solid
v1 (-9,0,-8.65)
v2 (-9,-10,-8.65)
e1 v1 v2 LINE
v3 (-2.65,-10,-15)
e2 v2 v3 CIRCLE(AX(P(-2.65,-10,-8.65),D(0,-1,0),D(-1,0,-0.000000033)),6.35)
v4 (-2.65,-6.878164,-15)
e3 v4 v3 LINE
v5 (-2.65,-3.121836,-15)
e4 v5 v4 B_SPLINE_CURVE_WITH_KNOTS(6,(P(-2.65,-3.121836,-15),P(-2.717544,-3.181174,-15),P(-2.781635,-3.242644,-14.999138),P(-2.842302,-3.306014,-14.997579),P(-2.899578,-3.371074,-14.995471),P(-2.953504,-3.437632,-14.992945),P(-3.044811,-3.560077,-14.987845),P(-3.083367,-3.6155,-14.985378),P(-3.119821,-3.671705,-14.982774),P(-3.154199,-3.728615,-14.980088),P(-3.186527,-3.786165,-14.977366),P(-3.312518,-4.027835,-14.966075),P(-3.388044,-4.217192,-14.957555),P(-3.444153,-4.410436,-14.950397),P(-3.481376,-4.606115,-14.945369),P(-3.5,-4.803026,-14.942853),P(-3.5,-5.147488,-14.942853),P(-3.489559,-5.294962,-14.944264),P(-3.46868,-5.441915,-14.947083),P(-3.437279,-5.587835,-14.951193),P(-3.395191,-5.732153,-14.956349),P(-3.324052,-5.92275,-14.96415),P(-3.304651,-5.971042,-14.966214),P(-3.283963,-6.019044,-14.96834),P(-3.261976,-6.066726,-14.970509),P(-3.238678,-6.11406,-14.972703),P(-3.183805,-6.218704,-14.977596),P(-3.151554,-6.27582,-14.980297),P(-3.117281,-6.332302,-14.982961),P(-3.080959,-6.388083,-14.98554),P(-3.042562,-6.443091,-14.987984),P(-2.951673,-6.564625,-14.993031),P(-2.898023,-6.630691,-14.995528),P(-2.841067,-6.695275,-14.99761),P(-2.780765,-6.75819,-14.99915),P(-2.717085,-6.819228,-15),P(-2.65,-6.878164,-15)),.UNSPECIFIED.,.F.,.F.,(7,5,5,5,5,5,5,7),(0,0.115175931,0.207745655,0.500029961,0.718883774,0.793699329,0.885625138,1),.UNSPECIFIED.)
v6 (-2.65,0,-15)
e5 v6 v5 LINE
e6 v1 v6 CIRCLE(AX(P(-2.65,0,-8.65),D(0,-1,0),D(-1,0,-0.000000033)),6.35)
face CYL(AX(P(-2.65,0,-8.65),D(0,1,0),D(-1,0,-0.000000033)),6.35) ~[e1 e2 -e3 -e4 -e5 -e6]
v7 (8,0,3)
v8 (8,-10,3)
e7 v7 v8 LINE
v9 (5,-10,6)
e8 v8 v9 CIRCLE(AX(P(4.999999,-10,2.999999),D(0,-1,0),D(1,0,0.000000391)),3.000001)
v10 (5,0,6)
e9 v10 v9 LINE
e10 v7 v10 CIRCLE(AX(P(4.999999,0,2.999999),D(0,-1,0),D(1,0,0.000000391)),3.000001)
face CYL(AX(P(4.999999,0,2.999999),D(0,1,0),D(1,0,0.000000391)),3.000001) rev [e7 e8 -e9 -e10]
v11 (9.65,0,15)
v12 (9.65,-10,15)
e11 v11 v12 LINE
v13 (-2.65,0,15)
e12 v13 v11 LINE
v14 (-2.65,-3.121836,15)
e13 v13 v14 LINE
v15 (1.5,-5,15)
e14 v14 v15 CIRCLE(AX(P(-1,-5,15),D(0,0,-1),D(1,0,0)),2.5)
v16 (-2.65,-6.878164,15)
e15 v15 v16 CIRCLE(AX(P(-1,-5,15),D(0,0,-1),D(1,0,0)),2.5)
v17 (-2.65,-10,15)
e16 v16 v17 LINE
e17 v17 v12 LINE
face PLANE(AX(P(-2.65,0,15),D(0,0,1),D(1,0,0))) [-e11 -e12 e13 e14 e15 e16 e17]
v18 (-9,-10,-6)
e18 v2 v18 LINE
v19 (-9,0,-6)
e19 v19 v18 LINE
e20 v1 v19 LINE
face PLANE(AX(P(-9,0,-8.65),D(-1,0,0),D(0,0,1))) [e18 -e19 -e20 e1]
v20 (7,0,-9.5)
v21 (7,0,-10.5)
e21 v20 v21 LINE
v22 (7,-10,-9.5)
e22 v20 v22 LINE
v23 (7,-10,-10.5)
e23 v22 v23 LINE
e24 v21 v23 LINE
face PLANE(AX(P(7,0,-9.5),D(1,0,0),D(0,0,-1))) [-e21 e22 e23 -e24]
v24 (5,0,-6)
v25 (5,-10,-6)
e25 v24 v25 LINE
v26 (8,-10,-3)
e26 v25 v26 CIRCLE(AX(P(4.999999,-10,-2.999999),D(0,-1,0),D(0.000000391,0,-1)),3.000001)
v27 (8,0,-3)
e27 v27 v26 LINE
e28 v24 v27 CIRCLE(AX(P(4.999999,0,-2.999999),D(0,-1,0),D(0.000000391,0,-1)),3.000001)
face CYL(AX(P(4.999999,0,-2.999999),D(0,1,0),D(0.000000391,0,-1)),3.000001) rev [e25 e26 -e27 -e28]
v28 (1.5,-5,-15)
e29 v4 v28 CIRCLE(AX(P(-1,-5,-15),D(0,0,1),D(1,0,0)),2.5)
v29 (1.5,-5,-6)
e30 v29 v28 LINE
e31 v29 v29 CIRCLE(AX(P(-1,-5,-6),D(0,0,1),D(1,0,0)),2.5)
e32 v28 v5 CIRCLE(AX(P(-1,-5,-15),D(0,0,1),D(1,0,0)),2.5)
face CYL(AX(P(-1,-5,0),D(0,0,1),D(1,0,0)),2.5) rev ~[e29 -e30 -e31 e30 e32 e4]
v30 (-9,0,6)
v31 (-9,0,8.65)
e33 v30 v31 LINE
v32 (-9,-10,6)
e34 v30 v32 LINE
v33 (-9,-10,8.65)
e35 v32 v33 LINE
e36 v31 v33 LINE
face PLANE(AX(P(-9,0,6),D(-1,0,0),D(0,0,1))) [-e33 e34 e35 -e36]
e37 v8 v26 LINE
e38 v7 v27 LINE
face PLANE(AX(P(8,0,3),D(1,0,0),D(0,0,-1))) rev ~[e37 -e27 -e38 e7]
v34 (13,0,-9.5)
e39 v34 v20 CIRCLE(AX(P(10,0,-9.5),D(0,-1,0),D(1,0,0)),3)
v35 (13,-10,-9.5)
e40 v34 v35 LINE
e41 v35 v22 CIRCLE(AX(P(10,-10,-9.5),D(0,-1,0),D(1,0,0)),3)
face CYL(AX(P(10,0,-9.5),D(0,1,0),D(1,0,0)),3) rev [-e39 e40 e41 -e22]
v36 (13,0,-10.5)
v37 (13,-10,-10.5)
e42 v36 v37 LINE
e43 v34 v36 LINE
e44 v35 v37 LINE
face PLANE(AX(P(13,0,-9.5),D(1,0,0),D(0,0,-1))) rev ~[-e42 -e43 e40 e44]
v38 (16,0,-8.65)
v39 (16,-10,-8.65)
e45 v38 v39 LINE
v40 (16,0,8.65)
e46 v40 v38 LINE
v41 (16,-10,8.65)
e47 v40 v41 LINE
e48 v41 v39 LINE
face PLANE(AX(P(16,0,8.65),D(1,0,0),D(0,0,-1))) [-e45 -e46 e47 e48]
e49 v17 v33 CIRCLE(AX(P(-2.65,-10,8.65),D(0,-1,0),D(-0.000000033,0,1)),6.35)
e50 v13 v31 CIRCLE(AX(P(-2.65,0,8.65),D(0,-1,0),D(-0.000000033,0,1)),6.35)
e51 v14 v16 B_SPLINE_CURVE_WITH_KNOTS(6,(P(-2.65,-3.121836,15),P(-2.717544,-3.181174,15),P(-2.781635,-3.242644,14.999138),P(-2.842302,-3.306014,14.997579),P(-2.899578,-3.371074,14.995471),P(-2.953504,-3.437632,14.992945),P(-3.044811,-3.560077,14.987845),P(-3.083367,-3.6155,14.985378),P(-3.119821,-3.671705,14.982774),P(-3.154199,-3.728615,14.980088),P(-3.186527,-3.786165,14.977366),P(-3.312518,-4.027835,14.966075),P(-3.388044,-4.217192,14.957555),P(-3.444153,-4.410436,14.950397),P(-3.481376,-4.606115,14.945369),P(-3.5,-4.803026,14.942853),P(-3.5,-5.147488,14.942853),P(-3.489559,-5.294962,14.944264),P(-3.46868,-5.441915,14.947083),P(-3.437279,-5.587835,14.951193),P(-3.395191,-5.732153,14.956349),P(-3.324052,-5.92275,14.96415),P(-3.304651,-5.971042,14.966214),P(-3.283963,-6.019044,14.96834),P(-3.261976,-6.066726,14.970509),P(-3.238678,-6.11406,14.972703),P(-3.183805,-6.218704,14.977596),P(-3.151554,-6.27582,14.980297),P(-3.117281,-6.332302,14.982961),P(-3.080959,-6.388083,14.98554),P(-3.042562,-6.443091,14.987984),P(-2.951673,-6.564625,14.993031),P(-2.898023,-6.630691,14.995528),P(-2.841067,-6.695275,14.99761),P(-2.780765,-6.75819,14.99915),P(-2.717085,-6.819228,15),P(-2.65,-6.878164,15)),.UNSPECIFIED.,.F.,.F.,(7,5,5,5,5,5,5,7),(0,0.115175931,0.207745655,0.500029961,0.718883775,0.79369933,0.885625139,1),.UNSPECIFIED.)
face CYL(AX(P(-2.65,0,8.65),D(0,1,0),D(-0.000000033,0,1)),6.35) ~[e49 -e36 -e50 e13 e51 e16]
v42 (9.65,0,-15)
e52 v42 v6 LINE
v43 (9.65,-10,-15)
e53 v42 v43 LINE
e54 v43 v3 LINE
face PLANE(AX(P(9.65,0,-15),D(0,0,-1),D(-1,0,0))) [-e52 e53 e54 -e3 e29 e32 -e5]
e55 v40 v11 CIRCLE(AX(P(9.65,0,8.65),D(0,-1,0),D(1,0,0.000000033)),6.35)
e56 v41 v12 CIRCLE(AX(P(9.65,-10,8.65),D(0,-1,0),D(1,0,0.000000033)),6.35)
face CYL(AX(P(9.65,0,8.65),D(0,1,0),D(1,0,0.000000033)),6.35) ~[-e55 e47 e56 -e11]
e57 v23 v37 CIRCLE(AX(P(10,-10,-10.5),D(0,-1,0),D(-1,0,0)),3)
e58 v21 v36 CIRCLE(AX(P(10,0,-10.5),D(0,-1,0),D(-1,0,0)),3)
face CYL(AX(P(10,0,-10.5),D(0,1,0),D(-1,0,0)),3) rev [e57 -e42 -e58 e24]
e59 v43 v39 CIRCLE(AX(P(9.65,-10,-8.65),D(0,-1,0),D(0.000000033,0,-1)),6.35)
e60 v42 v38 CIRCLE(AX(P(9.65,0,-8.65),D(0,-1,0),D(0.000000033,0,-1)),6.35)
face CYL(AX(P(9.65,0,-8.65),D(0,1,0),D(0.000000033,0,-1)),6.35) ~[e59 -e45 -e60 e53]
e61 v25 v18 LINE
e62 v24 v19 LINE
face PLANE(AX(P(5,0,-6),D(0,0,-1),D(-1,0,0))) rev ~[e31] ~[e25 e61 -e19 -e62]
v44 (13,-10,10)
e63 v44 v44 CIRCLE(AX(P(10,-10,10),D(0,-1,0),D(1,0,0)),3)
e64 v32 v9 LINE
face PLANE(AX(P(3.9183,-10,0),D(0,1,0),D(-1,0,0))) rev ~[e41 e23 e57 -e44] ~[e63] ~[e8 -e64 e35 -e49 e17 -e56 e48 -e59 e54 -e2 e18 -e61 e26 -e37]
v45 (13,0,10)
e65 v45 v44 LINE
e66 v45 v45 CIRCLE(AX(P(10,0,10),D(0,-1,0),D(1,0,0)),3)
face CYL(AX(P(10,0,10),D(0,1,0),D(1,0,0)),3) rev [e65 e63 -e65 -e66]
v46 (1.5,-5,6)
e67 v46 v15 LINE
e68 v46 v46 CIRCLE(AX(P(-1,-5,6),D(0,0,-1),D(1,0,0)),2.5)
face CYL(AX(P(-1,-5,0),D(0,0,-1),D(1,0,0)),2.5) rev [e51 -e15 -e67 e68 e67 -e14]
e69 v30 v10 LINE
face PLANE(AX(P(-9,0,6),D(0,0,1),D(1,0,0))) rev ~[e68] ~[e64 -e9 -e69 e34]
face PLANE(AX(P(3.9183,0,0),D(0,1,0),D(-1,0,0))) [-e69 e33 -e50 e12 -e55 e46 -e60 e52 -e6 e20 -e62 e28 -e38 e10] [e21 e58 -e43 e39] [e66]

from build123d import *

# Parameters (mm, degrees)
SKETCH091_R          = 3
PAD031_DEPTH         = 10
SKETCH092_R          = 2.5
POCKET026_DEPTH      = 15.001
POCKET026_DEPTH_BACK = -15.001


with BuildPart() as part:
    # Sketch091 → Pad031 (new body)
    with BuildSketch(Plane.XZ):
        with BuildLine():
            Line((-2.65, 15), (9.65, 15))
            ThreePointArc((16, 8.65), (14.140128, 13.140128), (9.65, 15))
            Line((16, 8.65), (16, -8.65))
            ThreePointArc((9.65, -15), (14.140128, -13.140128), (16, -8.65))
            Line((9.65, -15), (-2.65, -15))
            ThreePointArc((-9, -8.65), (-7.140128, -13.140128), (-2.65, -15))
            Line((-9, -8.65), (-9, -6))
            Line((5, -6), (-9, -6))
            ThreePointArc((5, -6), (7.12132, -5.12132), (8, -3))
            Line((8, 3), (8, -3))
            ThreePointArc((8, 3), (7.12132, 5.12132), (5, 6))
            Line((-9, 6), (5, 6))
            Line((-9, 6), (-9, 8.65))
            ThreePointArc((-2.65, 15), (-7.140128, 13.140128), (-9, 8.65))
        make_face()
        with Locations((10, 10)):
            Circle(SKETCH091_R, mode=Mode.SUBTRACT)
        with BuildLine():
            ThreePointArc((13, -9.5), (10, -6.5), (7, -9.5))
            Line((7, -9.5), (7, -10.5))
            ThreePointArc((7, -10.5), (10, -13.5), (13, -10.5))
            Line((13, -9.5), (13, -10.5))
        make_face(mode=Mode.SUBTRACT)
    extrude(amount=PAD031_DEPTH)

    # Sketch092 → Pocket026 (cut, two sides)
    with BuildSketch(Plane.XY) as pocket026_sk:
        with Locations((-1, -5)):
            Circle(SKETCH092_R)
    extrude(amount=-POCKET026_DEPTH, mode=Mode.SUBTRACT)
    extrude(pocket026_sk.sketch, amount=-POCKET026_DEPTH_BACK, mode=Mode.SUBTRACT)


solid = part.part
